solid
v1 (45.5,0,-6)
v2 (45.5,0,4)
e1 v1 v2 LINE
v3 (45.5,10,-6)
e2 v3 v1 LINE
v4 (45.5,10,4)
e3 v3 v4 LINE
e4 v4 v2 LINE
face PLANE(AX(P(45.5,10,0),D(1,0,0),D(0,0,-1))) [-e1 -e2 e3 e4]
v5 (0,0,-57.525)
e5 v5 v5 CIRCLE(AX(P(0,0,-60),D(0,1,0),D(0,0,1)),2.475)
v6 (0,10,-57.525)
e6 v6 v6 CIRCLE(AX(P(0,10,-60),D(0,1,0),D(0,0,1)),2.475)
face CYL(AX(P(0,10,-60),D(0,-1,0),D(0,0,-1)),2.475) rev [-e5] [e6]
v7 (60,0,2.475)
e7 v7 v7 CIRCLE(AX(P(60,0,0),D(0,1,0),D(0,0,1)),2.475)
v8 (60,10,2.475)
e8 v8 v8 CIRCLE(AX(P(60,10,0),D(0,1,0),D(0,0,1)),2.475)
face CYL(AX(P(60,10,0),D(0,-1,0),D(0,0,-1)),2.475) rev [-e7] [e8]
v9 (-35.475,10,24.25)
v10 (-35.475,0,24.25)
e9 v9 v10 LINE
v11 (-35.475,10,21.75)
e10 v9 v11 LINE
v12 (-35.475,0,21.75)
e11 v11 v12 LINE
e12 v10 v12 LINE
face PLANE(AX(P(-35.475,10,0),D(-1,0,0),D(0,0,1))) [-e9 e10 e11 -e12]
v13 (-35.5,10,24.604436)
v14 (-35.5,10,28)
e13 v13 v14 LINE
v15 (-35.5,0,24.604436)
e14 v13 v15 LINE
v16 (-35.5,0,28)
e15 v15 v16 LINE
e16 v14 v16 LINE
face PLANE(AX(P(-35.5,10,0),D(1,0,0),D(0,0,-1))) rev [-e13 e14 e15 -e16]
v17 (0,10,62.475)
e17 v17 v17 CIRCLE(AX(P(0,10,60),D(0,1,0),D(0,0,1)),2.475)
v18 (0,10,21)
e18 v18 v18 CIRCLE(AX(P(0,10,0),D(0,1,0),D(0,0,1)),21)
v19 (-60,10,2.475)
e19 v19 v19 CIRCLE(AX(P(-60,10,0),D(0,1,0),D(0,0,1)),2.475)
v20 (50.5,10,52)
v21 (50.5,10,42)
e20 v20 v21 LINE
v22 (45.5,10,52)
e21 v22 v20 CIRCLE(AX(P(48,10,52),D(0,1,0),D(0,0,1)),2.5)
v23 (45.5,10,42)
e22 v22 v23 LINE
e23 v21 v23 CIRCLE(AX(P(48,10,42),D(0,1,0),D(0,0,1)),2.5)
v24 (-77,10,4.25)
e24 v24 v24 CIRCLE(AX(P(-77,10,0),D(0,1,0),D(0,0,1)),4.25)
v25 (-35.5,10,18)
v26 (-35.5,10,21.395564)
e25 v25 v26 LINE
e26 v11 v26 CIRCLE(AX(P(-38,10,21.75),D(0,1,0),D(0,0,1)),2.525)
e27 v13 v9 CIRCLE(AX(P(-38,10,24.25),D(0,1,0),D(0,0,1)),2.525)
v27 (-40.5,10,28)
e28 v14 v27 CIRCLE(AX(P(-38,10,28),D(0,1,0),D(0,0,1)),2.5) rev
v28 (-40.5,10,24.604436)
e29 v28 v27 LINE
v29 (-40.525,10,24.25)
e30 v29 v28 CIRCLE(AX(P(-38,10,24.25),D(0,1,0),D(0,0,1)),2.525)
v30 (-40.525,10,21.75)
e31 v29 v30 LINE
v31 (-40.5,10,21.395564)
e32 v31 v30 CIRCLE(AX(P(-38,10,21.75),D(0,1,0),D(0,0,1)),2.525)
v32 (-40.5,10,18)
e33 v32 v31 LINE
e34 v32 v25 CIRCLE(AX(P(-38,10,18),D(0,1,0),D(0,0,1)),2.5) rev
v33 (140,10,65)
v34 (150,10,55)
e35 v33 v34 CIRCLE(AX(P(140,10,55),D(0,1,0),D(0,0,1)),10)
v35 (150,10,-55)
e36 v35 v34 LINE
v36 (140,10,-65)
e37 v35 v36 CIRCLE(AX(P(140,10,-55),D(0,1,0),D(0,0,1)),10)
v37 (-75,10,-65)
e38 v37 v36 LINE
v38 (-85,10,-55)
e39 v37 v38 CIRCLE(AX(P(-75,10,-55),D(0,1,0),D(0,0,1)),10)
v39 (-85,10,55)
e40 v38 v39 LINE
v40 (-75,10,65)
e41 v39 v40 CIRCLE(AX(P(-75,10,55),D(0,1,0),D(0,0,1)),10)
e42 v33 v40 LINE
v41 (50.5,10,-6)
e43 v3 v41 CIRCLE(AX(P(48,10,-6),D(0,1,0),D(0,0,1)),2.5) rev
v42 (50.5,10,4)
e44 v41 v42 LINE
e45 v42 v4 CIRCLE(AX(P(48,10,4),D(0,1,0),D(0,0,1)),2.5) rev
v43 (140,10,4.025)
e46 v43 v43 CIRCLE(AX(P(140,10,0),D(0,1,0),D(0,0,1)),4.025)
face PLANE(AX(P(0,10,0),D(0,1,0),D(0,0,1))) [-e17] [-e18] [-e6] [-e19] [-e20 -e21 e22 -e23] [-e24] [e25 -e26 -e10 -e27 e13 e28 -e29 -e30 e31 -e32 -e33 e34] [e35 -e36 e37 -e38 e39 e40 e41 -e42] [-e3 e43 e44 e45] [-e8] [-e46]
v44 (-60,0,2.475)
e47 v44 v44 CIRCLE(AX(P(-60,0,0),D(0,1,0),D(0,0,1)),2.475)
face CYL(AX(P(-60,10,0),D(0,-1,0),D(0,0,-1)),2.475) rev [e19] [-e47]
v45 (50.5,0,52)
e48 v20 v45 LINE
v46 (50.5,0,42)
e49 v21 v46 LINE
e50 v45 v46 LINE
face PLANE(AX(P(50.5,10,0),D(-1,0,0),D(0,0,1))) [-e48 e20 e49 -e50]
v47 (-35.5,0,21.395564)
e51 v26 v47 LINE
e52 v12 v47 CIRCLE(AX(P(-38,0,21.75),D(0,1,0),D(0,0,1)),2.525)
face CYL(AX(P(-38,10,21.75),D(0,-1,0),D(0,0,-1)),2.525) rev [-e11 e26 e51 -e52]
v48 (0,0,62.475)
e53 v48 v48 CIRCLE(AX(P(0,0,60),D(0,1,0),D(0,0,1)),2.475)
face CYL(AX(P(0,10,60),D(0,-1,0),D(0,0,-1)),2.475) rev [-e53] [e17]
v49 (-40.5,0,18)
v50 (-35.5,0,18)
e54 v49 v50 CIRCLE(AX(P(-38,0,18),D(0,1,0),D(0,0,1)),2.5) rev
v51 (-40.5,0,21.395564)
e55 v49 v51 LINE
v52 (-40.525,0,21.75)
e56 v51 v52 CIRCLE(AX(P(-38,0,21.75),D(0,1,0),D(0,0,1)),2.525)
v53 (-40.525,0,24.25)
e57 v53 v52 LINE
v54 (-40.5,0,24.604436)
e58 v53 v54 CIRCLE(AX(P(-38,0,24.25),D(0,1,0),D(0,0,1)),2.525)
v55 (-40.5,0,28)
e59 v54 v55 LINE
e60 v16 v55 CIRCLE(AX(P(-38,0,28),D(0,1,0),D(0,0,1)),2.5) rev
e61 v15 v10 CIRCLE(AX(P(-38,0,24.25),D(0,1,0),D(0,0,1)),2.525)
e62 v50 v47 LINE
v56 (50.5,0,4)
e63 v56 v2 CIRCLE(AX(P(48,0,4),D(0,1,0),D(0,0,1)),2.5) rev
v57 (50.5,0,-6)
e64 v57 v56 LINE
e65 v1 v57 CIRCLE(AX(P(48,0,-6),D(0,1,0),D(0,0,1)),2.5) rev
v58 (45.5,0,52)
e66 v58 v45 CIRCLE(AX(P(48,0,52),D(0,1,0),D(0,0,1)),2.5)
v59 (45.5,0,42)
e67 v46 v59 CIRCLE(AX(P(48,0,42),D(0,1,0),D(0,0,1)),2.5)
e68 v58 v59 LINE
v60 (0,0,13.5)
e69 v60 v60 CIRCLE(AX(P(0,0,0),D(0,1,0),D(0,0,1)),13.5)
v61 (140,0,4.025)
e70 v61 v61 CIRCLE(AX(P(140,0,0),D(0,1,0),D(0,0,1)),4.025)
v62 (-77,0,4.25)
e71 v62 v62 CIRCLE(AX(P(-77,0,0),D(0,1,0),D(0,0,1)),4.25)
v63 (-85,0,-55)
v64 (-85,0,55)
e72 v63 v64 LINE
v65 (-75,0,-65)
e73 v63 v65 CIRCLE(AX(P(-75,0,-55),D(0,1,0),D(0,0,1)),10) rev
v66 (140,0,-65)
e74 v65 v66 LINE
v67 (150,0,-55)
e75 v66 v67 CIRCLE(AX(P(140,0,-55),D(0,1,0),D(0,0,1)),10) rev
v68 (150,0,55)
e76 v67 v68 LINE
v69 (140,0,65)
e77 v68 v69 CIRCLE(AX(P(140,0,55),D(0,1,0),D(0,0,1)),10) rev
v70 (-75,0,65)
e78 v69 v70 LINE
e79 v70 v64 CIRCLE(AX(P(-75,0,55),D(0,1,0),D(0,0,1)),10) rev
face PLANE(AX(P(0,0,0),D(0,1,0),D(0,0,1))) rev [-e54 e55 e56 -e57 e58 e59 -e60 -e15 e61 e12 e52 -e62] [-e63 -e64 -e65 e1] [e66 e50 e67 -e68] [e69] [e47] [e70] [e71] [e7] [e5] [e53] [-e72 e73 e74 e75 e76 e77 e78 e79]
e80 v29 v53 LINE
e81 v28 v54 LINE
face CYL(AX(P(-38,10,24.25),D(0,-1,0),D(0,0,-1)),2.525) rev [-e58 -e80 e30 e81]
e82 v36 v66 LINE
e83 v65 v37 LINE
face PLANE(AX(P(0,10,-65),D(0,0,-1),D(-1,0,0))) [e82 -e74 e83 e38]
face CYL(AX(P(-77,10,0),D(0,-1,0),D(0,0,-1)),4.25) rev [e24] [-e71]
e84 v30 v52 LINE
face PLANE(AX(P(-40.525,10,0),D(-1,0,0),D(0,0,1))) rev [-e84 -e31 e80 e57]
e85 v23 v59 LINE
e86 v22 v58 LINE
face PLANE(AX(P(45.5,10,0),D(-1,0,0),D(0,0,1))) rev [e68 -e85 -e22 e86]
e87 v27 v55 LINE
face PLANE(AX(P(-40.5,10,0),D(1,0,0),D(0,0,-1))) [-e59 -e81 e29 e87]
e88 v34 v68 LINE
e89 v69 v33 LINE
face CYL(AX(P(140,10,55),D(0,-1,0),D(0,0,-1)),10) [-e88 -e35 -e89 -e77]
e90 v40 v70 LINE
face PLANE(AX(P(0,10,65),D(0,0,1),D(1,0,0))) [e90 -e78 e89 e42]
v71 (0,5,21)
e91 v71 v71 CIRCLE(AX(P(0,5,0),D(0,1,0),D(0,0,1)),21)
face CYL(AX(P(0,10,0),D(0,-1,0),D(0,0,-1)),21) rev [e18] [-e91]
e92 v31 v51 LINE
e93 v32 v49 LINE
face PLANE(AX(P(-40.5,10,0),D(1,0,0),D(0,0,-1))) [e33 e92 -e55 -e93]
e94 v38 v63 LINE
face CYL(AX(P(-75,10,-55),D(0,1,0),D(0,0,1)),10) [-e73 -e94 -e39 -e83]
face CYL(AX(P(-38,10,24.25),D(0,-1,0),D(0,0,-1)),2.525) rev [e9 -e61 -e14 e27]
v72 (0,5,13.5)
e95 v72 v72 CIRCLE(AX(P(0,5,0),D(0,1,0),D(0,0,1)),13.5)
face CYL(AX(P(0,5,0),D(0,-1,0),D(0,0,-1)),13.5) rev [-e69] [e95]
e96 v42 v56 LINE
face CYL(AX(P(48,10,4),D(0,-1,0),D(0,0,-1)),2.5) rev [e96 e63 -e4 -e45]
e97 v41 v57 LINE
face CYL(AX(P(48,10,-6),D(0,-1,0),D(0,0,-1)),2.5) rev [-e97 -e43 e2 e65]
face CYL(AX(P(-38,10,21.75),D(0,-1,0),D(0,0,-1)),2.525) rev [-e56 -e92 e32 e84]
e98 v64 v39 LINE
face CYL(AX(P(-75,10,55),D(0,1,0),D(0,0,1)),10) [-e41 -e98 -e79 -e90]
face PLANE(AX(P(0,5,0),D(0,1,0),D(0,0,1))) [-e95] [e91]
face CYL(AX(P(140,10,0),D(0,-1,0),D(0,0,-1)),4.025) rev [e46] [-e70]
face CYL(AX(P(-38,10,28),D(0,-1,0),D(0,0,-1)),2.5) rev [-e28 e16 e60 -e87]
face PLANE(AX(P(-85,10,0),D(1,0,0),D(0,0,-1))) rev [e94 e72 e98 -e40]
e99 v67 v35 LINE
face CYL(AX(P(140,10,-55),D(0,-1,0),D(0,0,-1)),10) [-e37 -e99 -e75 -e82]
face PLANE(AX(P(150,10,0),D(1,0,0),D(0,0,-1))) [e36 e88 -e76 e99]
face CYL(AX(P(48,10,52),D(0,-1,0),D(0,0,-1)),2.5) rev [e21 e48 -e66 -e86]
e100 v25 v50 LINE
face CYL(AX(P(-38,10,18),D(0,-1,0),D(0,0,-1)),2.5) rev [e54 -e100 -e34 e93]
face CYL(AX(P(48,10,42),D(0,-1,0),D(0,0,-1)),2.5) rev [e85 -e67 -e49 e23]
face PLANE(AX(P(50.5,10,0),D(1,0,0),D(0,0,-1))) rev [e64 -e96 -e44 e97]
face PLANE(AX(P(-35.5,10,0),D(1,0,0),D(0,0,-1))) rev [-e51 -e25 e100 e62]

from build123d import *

# Parameters (mm, degrees)
SKETCH1_R           = 2.475
SKETCH1_R_2         = 4.025
SKETCH1_R_3         = 21
BOSS_EXTRUDE1_DEPTH = 10
SKETCH1_5_R         = 4.25
BOSS_EXTRUDE4_DEPTH = 10
SKETCH1_4_R         = 21
SKETCH1_4_R_2       = 13.5
BOSS_EXTRUDE2_DEPTH = 5
FILLET1_R           = 10


with BuildPart() as part:
    # Sketch1 → Boss-Extrude1 (new body)
    with BuildSketch(Plane(origin=(0, 0, 0), x_dir=(1, 0, 0), z_dir=(0, 1, 0))):
        with BuildLine():
            ThreePointArc((0, 65), (-65, 0), (0, -65))
            Line((0, -65), (150, -65))
            Line((150, -65), (150, 65))
            Line((150, 65), (0, 65))
        make_face()
        with BuildLine():
            ThreePointArc((45.5, -42), (48, -39.5), (50.5, -42))
            Line((50.5, -42), (50.5, -52))
            ThreePointArc((50.5, -52), (48, -54.5), (45.5, -52))
            Line((45.5, -52), (45.5, -42))
        make_face(mode=Mode.SUBTRACT)
        with Locations((0, -60)):
            Circle(SKETCH1_R, mode=Mode.SUBTRACT)
        with Locations((-60, 0)):
            Circle(SKETCH1_R, mode=Mode.SUBTRACT)
        with Locations((0, 60)):
            Circle(SKETCH1_R, mode=Mode.SUBTRACT)
        with Locations((60, 0)):
            Circle(SKETCH1_R, mode=Mode.SUBTRACT)
        with Locations((140, 0)):
            Circle(SKETCH1_R_2, mode=Mode.SUBTRACT)
        with BuildLine():
            Line((50.5, 6), (50.5, -4))
            ThreePointArc((50.5, -4), (48, -6.5), (45.5, -4))
            Line((45.5, -4), (45.5, 6))
            ThreePointArc((45.5, 6), (48, 8.5), (50.5, 6))
        make_face(mode=Mode.SUBTRACT)
        with BuildLine():
            ThreePointArc((-40.5, -24.604436172), (-40.518742246, -24.42765838), (-40.525, -24.25))
            Line((-40.525, -24.25), (-40.525, -21.75))
            ThreePointArc((-40.525, -21.75), (-40.518742246, -21.57234162), (-40.5, -21.395563828))
            Line((-40.5, -21.395563828), (-40.5, -18))
            ThreePointArc((-40.5, -18), (-38, -15.5), (-35.5, -18))
            Line((-35.5, -18), (-35.5, -21.395563828))
            ThreePointArc((-35.5, -21.395563828), (-35.481257754, -21.57234162), (-35.475, -21.75))
            Line((-35.475, -21.75), (-35.475, -24.25))
            ThreePointArc((-35.475, -24.25), (-35.481257754, -24.42765838), (-35.5, -24.604436172))
            Line((-35.5, -24.604436172), (-35.5, -28))
            ThreePointArc((-35.5, -28), (-38, -30.5), (-40.5, -28))
            Line((-40.5, -28), (-40.5, -24.604436172))
        make_face(mode=Mode.SUBTRACT)
        Circle(SKETCH1_R_3, mode=Mode.SUBTRACT)
    extrude(amount=BOSS_EXTRUDE1_DEPTH)

    # Sketch1<5> → Boss-Extrude4 (add)
    with BuildSketch(Plane(origin=(0, 0, 0), x_dir=(1, 0, 0), z_dir=(0, 1, 0))):
        with BuildLine():
            ThreePointArc((0, -65), (-65, 0), (0, 65))
            Line((0, 65), (-85, 65))
            Line((-85, 65), (-85, -65))
            Line((-85, -65), (0, -65))
        make_face()
        with Locations((-77, 0)):
            Circle(SKETCH1_5_R, mode=Mode.SUBTRACT)
    extrude(amount=BOSS_EXTRUDE4_DEPTH)

    # Sketch1<4> → Boss-Extrude2 (add)
    with BuildSketch(Plane(origin=(0, 0, 0), x_dir=(1, 0, 0), z_dir=(0, 1, 0))):
        Circle(SKETCH1_4_R)
        Circle(SKETCH1_4_R_2, mode=Mode.SUBTRACT)
    extrude(amount=BOSS_EXTRUDE2_DEPTH)

    # Fillet1
    fillet1_edges = [part.edges().sort_by_distance(p)[0] for p in [
        (150, 5, 65),
        (150, 5, -65),
        (-85, 5, -65),
        (-85, 5, 65),
    ]]
    fillet(fillet1_edges, radius=FILLET1_R)


solid = part.part
